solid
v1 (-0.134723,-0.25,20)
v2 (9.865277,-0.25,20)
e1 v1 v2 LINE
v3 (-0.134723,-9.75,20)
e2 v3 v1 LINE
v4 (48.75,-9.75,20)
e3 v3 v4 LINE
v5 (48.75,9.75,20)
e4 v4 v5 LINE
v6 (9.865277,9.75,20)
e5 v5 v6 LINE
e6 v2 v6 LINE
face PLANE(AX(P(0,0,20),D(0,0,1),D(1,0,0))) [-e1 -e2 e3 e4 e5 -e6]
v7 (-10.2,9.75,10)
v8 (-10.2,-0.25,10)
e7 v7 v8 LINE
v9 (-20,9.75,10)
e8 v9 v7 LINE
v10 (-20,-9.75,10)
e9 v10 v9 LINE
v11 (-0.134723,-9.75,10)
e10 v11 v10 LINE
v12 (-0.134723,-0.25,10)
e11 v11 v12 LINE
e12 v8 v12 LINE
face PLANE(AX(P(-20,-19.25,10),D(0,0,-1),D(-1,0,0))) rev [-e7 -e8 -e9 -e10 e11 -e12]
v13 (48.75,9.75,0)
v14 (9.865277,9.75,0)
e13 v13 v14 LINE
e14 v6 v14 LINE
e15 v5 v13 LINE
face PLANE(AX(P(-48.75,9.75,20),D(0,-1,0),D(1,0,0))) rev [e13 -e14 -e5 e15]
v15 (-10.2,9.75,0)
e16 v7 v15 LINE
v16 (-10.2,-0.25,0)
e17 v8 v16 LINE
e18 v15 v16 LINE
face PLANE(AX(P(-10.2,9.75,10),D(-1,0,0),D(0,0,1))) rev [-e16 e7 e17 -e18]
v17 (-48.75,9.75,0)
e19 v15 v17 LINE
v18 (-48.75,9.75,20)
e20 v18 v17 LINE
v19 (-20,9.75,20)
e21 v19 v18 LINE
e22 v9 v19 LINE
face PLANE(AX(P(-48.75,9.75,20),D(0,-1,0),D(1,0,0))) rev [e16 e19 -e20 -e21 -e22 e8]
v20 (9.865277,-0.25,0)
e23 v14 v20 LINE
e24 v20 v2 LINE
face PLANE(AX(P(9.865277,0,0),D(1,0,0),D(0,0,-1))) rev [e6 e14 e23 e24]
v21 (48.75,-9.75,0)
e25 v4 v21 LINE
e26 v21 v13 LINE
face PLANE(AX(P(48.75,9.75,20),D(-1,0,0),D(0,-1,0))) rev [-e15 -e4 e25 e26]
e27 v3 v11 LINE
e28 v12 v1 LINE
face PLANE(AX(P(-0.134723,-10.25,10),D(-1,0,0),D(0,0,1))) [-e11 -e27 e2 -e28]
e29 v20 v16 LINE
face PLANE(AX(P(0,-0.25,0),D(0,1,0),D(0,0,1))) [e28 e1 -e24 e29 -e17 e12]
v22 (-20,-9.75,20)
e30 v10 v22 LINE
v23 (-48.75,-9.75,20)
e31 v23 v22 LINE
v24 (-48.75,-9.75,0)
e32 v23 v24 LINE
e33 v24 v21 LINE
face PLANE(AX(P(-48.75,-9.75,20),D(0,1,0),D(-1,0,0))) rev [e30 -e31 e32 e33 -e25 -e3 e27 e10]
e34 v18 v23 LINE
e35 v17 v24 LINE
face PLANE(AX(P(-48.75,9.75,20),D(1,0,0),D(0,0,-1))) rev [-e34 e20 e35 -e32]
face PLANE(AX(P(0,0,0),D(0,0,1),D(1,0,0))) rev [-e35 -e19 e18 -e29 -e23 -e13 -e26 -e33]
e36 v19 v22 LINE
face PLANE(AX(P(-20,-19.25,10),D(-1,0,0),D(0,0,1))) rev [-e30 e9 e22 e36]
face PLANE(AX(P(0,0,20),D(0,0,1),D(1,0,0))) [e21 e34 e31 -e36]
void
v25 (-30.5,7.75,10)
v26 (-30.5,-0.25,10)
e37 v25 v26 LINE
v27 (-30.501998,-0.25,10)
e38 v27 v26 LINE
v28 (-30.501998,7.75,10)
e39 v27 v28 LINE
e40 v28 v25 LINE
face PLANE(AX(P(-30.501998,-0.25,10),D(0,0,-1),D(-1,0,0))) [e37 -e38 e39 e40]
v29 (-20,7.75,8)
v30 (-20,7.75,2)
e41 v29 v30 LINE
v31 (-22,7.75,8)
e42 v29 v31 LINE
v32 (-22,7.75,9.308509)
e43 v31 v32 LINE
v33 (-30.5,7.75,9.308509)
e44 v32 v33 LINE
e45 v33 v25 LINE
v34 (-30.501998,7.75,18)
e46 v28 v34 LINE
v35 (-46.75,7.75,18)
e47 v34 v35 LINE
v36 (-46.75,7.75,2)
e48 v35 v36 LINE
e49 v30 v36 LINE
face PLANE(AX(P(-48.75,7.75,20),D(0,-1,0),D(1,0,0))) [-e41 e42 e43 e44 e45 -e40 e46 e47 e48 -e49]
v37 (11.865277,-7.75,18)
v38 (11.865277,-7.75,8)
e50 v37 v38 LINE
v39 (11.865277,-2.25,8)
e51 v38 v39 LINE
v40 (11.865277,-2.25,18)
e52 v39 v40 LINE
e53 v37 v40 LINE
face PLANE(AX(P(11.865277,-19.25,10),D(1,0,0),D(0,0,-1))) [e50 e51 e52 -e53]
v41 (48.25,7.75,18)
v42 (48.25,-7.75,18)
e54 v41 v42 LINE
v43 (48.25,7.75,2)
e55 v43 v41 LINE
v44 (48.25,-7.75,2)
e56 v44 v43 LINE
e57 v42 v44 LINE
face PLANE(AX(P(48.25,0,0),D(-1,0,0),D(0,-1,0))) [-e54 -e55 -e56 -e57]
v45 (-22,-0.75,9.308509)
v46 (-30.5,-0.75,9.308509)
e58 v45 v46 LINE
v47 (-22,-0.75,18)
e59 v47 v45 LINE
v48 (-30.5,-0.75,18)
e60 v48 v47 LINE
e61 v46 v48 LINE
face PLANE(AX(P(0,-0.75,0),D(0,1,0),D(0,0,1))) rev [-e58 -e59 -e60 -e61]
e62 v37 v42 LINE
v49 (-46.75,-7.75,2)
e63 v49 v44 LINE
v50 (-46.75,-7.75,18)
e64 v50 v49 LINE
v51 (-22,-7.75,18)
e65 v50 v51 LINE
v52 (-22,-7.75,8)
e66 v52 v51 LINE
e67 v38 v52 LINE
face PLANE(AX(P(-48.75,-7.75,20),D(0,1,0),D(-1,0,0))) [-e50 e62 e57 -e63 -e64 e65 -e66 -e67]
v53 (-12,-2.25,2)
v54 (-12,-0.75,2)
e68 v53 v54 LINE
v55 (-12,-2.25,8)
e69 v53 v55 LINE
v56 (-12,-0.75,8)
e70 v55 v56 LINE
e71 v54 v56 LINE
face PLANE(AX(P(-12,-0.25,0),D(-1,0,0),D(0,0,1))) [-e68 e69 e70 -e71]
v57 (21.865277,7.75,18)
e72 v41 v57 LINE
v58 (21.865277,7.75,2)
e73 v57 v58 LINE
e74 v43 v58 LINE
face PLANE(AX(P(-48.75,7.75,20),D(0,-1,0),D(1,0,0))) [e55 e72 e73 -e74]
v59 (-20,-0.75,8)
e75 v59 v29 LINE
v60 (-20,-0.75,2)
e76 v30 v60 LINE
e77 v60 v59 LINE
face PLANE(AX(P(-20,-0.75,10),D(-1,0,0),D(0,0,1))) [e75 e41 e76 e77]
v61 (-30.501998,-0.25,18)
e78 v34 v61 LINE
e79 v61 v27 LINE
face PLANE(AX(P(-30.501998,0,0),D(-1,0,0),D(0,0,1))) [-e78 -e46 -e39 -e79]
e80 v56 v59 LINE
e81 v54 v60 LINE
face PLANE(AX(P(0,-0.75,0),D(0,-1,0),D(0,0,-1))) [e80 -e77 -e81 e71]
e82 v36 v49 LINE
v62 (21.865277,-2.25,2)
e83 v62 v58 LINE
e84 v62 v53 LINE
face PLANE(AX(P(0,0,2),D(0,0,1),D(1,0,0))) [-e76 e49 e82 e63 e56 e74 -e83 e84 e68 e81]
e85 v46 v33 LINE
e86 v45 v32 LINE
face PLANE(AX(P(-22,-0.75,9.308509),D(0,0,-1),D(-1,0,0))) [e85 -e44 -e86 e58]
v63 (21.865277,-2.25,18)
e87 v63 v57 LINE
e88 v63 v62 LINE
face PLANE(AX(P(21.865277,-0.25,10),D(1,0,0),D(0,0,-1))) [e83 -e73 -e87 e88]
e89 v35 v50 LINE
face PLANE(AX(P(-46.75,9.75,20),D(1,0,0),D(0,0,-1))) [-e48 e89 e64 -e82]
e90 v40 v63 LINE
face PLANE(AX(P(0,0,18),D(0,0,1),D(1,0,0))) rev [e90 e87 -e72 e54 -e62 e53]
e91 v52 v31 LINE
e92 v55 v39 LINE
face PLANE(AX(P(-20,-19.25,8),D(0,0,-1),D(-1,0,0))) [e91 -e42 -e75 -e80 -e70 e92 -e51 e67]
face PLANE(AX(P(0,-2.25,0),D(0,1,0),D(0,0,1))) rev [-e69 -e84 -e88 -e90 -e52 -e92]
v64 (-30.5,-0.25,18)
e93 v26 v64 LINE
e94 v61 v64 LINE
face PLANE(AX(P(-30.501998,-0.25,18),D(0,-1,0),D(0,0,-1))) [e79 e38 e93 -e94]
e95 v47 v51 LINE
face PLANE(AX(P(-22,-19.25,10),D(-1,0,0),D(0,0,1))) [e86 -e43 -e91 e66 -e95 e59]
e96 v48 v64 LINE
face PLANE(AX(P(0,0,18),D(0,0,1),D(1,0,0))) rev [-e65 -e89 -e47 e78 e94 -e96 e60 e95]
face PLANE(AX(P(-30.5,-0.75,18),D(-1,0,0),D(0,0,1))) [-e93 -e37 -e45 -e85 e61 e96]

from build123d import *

# Parameters (mm, degrees)
SKETCH_1_W           = 97.5
SKETCH_1_H           = 19.5
EXTRUDE_1_DEPTH      = 20
SKETCH_2_W           = 29.8652771
SKETCH_2_H           = 10
CUT_EXTRUDE_4_DEPTH  = 29
SKETCH_3_W           = 10
SKETCH_3_H           = 10
CUT_EXTRUDE_5_DEPTH  = 10
SKETCH_4_W           = 19.8652771
SKETCH_4_H           = 10
CUT_EXTRUDE_6_DEPTH  = 10
SKETCH_5_W           = 10
SKETCH_5_H           = 10
CUT_EXTRUDE_7_DEPTH  = 10
SHELL_1_T            = -2
SKETCH_7_W           = 10
SKETCH_7_H           = 10
CUT_EXTRUDE_8_DEPTH  = 10
SKETCH_8_W           = 10.001998353
SKETCH_8_H           = 10
CUT_EXTRUDE_9_DEPTH  = 10
SKETCH_9_W           = 10
SKETCH_9_H           = 10
EXTRUDE_3_DEPTH      = 10
SKETCH_10_W          = 8.5
SKETCH_10_H          = 8.69149108
EXTRUDE_4_DEPTH      = 0.5
SKETCH_11_W          = 8
SKETCH_11_H          = 8
EXTRUDE_5_DEPTH      = 0.5
SKETCH_15_W          = 10.5
SKETCH_15_H          = 0.69149108
EXTRUDE_18_DEPTH     = 9.5
SKETCH_18_W          = 8
SKETCH_18_H          = 8
EXTRUDE_22_DEPTH     = 0.5
SKETCH_21_W          = 10
SKETCH_21_H          = 0.094242597
EXTRUDE_25_DEPTH     = 10.5
SKETCH_23_W          = 20
SKETCH_23_H          = 10
EXTRUDE_27_DEPTH     = 10
SKETCH_24_W          = 10.001998353
SKETCH_24_H          = 10
EXTRUDE_28_DEPTH     = 10
SKETCH_25_W          = 9.8
SKETCH_25_H          = 10
EXTRUDE_29_DEPTH     = 10
SKETCH_31_W          = 10
SKETCH_31_H          = 0.5
CUT_EXTRUDE_11_DEPTH = 11.5
SKETCH_32_W          = 16
SKETCH_32_H          = 15.5
EXTRUDE_43_DEPTH     = 0.5


with BuildPart() as part:
    # 草圖1 → 填料-伸長1 (new body)
    with BuildSketch(Plane.XY):
        Rectangle(SKETCH_1_W, SKETCH_1_H)
    extrude(amount=EXTRUDE_1_DEPTH)

    # 草圖2 → 除料-伸長4 (cut)
    with BuildSketch(Plane(origin=(0, 9.75, 0), x_dir=(1, 0, 0), z_dir=(0, 1, 0))):
        with Locations((-5.06736145, -15)):
            Rectangle(SKETCH_2_W, SKETCH_2_H)
    extrude(amount=-CUT_EXTRUDE_4_DEPTH, mode=Mode.SUBTRACT)

    # 草圖3 → 除料-伸長5 (cut)
    with BuildSketch(Plane(origin=(0, 9.75, 0), x_dir=(1, 0, 0), z_dir=(0, 1, 0))):
        with Locations((14.8652771, -15)):
            Rectangle(SKETCH_3_W, SKETCH_3_H)
    extrude(amount=-CUT_EXTRUDE_5_DEPTH, mode=Mode.SUBTRACT)

    # 草圖4 → 除料-伸長6 (cut)
    with BuildSketch(Plane(origin=(0, 9.75, 0), x_dir=(1, 0, 0), z_dir=(0, 1, 0))):
        with Locations((9.93263855, -5)):
            Rectangle(SKETCH_4_W, SKETCH_4_H)
    extrude(amount=-CUT_EXTRUDE_6_DEPTH, mode=Mode.SUBTRACT)

    # 草圖5 → 除料-伸長7 (cut)
    with BuildSketch(Plane(origin=(0, 9.75, 0), x_dir=(1, 0, 0), z_dir=(0, 1, 0))):
        with Locations((-5, -5)):
            Rectangle(SKETCH_5_W, SKETCH_5_H)
    extrude(amount=-CUT_EXTRUDE_7_DEPTH, mode=Mode.SUBTRACT)

    # 薄殼1
    shell_1_openings = [part.faces().sort_by_distance(p)[0] for p in [
        (48.75, 0, 10),
    ]]
    offset(amount=SHELL_1_T, openings=shell_1_openings, kind=Kind.INTERSECTION)

    # 草圖7 → 除料-伸長8 (cut)
    with BuildSketch(Plane(origin=(0, 9.75, 0), x_dir=(1, 0, 0), z_dir=(0, 1, 0))):
        with Locations((-15, -5)):
            Rectangle(SKETCH_7_W, SKETCH_7_H)
    extrude(amount=-CUT_EXTRUDE_8_DEPTH, mode=Mode.SUBTRACT)

    # 草圖8 → 除料-伸長9 (cut)
    with BuildSketch(Plane(origin=(0, 9.75, 0), x_dir=(1, 0, 0), z_dir=(0, 1, 0))):
        with Locations((-25.000999177, -15)):
            Rectangle(SKETCH_8_W, SKETCH_8_H)
    extrude(amount=-CUT_EXTRUDE_9_DEPTH, mode=Mode.SUBTRACT)

    # 草圖9 → 填料-伸長3 (add)
    with BuildSketch(Plane(origin=(0, -0.25, 0), x_dir=(1, 0, 0), z_dir=(0, 1, 0))):
        with Locations((4.8652771, -15)):
            Rectangle(SKETCH_9_W, SKETCH_9_H)
    extrude(amount=-EXTRUDE_3_DEPTH)

    # 草圖10 → 填料-伸長4 (add)
    with BuildSketch(Plane(origin=(0, -0.25, 0), x_dir=(1, 0, 0), z_dir=(0, 1, 0))):
        with Locations((-26.25, -13.65425446)):
            Rectangle(SKETCH_10_W, SKETCH_10_H)
    extrude(amount=-EXTRUDE_4_DEPTH)

    # 草圖11 → 填料-伸長5 (add)
    with BuildSketch(Plane(origin=(-30.001998353, 0, 0), x_dir=(0, 0, -1), z_dir=(1, 0, 0))):
        with Locations((-14, 3.75)):
            Rectangle(SKETCH_11_W, SKETCH_11_H)
    extrude(amount=-EXTRUDE_5_DEPTH)

    # 草圖15 → 填料-伸長18 (add)
    with BuildSketch(Plane(origin=(0, -0.25, 0), x_dir=(1, 0, 0), z_dir=(0, 1, 0))):
        with Locations((-25.25, -9.65425446)):
            Rectangle(SKETCH_15_W, SKETCH_15_H)
    extrude(amount=EXTRUDE_18_DEPTH)

    # 草圖18 → 填料-伸長22 (add)
    with BuildSketch(Plane(origin=(0, -0.25, 0), x_dir=(1, 0, 0), z_dir=(0, 1, 0))):
        with Locations((-16, -6)):
            Rectangle(SKETCH_18_W, SKETCH_18_H)
    extrude(amount=-EXTRUDE_22_DEPTH)

    # 草圖21 → 填料-伸長25 (add)
    with BuildSketch(Plane(origin=(-20, 0, 0), x_dir=(0, 0, -1), z_dir=(1, 0, 0))):
        with Locations((-5, -0.297121299)):
            Rectangle(SKETCH_21_W, SKETCH_21_H)
    extrude(amount=EXTRUDE_25_DEPTH)

    # 草圖23 → 填料-伸長27 (add)
    with BuildSketch(Plane.ZY.offset(-19.8652771)):
        with Locations((10, 4.75)):
            Rectangle(SKETCH_23_W, SKETCH_23_H)
    extrude(amount=EXTRUDE_27_DEPTH)

    # 草圖24 → 填料-伸長28 (add)
    with BuildSketch(Plane(origin=(0, -0.25, 0), x_dir=(1, 0, 0), z_dir=(0, 1, 0))):
        with Locations((-25.000999177, -15)):
            Rectangle(SKETCH_24_W, SKETCH_24_H)
    extrude(amount=EXTRUDE_28_DEPTH)

    # 草圖25 → 填料-伸長29 (add)
    with BuildSketch(Plane(origin=(0, -0.25, 0), x_dir=(1, 0, 0), z_dir=(0, 1, 0))):
        with Locations((-15.1, -5)):
            Rectangle(SKETCH_25_W, SKETCH_25_H)
    extrude(amount=EXTRUDE_29_DEPTH)

    # 草圖31 → 除料-伸長11 (cut)
    with BuildSketch(Plane(origin=(9.8652771, 0, 0), x_dir=(0, 0, -1), z_dir=(1, 0, 0))):
        with Locations((-15, -10)):
            Rectangle(SKETCH_31_W, SKETCH_31_H)
    extrude(amount=-CUT_EXTRUDE_11_DEPTH, mode=Mode.SUBTRACT)

    # 草圖32 → 填料-伸長43 (add)
    with BuildSketch(Plane(origin=(48.75, 0, 0), x_dir=(0, 0, -1), z_dir=(1, 0, 0))):
        with Locations((-10, 0)):
            Rectangle(SKETCH_32_W, SKETCH_32_H)
    extrude(amount=-EXTRUDE_43_DEPTH)


solid = part.part
